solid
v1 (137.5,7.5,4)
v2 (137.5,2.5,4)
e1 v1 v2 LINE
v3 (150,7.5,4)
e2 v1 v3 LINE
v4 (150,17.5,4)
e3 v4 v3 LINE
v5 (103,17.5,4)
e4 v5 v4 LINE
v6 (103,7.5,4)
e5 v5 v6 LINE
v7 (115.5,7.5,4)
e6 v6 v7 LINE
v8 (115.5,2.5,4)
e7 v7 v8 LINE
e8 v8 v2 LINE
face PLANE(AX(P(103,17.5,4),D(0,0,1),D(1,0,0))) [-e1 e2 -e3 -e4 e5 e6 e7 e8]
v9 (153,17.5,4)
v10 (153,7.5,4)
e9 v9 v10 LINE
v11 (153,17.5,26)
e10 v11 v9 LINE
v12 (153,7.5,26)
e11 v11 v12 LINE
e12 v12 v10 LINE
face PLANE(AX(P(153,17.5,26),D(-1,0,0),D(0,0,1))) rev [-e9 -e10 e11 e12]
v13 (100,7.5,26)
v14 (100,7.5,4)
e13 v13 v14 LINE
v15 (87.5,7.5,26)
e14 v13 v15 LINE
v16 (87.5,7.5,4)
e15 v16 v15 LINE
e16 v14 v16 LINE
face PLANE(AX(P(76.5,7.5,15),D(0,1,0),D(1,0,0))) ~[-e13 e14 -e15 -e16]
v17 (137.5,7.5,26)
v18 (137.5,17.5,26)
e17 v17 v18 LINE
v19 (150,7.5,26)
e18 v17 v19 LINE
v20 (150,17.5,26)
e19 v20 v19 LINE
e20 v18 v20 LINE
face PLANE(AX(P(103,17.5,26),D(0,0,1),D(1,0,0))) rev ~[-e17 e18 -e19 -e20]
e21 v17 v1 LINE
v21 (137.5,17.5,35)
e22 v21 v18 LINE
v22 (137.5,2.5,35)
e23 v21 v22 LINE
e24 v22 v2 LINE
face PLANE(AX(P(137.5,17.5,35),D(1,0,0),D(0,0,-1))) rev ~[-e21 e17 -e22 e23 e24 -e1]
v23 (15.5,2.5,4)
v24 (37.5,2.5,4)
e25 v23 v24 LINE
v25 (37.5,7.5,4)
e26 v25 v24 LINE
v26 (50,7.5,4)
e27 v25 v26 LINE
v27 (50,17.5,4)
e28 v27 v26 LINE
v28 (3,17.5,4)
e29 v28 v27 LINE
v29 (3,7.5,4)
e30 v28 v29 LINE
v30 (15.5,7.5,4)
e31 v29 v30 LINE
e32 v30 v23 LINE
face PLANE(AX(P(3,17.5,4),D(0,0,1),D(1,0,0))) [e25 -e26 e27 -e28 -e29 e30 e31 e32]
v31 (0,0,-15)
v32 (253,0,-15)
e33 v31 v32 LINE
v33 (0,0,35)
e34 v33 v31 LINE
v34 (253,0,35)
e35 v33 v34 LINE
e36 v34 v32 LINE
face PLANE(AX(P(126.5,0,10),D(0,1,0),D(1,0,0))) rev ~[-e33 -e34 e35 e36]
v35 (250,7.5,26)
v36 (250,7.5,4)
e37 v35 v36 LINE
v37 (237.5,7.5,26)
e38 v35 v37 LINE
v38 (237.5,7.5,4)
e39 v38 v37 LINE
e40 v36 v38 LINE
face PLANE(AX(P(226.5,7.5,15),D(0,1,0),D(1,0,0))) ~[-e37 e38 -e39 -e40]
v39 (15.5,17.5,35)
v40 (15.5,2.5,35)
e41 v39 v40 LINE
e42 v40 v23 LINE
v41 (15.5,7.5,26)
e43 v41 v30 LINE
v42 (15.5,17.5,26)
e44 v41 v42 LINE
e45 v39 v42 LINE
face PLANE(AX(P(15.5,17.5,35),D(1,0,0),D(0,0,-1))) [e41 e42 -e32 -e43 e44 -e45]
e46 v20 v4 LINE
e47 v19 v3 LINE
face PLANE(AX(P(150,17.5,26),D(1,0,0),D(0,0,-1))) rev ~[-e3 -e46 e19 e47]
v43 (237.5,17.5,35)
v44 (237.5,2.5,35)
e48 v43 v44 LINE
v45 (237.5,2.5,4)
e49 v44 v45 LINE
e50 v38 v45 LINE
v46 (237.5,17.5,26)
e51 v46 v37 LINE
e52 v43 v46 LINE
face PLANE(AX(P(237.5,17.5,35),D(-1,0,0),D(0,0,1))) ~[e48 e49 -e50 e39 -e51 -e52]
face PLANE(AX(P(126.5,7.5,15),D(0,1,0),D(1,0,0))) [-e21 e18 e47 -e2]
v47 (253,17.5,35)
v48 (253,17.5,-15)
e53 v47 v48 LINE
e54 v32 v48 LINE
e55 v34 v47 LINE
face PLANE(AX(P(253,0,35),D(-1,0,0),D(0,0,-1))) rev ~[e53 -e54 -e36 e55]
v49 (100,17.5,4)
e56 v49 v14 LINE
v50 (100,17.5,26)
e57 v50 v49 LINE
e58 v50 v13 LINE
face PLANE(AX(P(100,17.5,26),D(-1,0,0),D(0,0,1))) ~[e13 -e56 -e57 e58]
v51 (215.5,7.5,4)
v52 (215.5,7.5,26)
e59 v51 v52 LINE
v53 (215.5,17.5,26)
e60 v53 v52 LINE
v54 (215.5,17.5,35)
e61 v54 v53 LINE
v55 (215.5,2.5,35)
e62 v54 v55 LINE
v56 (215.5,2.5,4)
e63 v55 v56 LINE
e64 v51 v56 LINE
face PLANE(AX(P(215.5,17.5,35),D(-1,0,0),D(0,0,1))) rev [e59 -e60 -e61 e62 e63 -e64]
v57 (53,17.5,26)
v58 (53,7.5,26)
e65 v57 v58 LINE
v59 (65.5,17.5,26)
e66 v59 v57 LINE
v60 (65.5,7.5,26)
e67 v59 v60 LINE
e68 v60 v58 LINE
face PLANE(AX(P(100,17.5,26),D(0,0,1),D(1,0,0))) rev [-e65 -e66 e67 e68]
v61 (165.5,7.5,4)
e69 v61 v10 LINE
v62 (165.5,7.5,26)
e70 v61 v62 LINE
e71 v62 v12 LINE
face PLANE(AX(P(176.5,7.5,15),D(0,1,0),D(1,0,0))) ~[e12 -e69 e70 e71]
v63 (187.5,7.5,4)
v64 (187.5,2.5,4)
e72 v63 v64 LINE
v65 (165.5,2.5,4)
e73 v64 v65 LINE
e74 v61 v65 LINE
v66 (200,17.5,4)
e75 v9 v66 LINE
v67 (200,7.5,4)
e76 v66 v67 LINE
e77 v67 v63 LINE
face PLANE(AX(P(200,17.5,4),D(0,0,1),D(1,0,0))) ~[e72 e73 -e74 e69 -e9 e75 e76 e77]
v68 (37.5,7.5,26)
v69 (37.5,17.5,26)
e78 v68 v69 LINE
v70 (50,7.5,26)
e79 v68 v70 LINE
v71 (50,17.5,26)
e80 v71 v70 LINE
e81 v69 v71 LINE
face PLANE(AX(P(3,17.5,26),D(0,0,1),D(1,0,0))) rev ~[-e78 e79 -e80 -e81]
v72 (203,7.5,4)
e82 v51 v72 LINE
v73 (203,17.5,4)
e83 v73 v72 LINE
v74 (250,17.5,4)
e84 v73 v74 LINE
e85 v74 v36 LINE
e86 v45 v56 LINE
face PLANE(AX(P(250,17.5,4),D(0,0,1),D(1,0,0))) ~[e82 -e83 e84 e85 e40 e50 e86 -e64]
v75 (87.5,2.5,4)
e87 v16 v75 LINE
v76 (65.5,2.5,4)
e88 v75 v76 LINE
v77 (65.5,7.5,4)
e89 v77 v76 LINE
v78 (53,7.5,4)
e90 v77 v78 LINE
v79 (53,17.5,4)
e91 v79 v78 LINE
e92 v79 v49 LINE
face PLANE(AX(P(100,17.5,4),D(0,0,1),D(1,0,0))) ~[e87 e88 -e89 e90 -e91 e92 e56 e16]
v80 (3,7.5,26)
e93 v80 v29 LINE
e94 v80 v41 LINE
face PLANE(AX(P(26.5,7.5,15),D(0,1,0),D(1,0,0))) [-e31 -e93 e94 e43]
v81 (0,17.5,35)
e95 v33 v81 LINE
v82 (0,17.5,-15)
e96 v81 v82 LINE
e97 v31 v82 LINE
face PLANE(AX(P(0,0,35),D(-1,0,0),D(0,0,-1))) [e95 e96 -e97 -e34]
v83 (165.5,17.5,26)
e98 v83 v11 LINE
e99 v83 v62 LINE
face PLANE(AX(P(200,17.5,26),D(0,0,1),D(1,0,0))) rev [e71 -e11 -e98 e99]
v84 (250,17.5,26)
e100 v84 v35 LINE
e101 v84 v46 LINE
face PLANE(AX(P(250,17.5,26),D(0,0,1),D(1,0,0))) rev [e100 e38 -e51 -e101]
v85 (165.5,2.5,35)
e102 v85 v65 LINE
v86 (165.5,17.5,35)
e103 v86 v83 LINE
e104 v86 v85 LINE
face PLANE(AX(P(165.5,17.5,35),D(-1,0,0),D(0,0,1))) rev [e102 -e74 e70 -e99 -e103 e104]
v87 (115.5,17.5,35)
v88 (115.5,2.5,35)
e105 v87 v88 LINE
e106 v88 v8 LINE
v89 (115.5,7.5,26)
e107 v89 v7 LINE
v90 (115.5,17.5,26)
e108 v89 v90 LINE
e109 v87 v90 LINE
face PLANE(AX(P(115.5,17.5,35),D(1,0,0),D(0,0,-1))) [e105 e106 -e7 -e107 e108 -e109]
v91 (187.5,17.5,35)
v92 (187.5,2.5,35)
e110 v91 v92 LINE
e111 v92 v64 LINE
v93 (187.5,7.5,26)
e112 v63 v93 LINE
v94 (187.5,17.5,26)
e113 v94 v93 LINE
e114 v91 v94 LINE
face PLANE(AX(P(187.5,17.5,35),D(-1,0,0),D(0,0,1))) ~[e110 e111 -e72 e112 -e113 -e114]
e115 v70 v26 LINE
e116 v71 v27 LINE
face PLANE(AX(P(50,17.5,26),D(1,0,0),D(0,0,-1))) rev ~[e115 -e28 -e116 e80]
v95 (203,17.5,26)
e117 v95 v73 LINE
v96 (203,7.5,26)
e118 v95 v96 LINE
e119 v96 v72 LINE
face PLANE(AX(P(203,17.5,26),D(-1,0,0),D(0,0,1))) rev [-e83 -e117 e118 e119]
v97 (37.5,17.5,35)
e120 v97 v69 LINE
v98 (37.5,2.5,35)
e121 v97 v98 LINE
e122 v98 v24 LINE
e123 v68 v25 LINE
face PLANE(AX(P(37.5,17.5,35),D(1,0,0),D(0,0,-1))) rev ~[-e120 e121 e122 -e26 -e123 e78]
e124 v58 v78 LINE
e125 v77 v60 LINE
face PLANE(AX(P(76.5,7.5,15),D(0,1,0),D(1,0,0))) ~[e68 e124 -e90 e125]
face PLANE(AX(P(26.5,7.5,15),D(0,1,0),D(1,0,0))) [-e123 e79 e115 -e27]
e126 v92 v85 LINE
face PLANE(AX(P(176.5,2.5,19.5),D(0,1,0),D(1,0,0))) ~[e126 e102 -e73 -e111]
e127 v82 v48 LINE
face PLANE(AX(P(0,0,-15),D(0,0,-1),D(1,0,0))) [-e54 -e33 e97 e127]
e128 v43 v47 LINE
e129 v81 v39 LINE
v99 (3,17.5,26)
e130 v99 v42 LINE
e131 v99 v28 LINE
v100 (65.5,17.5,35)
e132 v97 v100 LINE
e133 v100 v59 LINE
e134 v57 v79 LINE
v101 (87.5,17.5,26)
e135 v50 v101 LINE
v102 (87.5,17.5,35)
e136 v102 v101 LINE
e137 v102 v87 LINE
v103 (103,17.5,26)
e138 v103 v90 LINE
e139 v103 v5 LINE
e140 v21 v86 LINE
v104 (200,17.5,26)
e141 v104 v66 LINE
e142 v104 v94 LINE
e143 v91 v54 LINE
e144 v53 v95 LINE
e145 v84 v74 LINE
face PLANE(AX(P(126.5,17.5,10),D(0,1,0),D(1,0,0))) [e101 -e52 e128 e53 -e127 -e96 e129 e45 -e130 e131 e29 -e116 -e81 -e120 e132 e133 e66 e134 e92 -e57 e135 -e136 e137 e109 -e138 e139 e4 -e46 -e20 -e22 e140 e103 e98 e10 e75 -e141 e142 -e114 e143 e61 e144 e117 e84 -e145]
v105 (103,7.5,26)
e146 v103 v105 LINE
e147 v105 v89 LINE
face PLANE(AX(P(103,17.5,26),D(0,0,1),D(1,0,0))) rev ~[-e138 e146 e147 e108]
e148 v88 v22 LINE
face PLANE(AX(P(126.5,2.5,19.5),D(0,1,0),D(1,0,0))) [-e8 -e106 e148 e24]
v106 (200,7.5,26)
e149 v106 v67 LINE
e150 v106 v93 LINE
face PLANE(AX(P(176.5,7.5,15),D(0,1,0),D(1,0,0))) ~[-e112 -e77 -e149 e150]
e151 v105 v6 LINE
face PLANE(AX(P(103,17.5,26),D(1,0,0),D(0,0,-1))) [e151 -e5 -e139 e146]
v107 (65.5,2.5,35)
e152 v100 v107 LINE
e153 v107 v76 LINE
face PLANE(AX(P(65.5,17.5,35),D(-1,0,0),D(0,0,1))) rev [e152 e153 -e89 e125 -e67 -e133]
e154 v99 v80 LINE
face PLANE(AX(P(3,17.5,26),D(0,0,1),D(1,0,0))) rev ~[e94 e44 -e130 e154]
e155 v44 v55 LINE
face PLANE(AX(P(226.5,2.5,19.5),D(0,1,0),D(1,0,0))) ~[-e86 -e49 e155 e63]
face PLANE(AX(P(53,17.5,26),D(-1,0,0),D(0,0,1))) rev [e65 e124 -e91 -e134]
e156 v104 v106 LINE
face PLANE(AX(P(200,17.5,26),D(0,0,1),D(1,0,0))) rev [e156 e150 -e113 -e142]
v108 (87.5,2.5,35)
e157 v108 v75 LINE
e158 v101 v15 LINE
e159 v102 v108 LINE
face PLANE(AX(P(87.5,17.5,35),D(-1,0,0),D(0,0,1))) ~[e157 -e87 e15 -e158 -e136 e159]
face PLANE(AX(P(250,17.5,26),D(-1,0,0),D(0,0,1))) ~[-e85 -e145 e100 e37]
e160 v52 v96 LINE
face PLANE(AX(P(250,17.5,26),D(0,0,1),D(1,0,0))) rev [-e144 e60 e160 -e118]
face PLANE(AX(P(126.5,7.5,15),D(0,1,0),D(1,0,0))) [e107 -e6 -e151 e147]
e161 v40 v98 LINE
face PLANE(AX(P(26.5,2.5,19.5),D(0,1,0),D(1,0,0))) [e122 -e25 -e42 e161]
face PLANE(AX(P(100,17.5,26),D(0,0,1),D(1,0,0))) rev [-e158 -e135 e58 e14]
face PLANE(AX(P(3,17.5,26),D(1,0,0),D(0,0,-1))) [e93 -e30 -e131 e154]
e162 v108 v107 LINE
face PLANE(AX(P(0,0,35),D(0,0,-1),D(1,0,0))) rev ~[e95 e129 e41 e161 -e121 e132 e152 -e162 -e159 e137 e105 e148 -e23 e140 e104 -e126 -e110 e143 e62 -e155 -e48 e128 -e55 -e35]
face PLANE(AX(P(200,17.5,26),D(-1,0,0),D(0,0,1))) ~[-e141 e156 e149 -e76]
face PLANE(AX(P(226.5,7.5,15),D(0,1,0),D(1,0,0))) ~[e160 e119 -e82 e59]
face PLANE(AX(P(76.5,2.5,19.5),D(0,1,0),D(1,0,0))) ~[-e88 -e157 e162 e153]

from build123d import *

# Parameters (mm, degrees)
SKETCH1_W               = 253
SKETCH1_H               = 50
BOSS_EXTRUDE1_DEPTH     = 17.5
SKETCH2_W               = 47
SKETCH2_H               = 22
CUT_EXTRUDE1_DEPTH      = 10
SKETCH4_W               = 22
SKETCH4_H               = 31
CUT_EXTRUDE2_DEPTH      = 15
MIRROR2_COPY_1_SKETCH_W = 47
MIRROR2_COPY_1_SKETCH_H = 22
MIRROR2_COPY_1_DEPTH    = 10
MIRROR2_COPY_2_SKETCH_W = 22
MIRROR2_COPY_2_SKETCH_H = 31
MIRROR2_COPY_2_DEPTH    = 15


with BuildPart() as part:
    # Sketch1 → Boss-Extrude1 (new body)
    with BuildSketch(Plane(origin=(0, 0, 0), x_dir=(1, 0, 0), z_dir=(0, 1, 0))):
        with Locations((126.5, -10)):
            Rectangle(SKETCH1_W, SKETCH1_H)
    extrude(amount=BOSS_EXTRUDE1_DEPTH)

    # Sketch2 → Cut-Extrude1 (cut)
    with BuildSketch(Plane(origin=(0, 17.5, 0), x_dir=(1, 0, 0), z_dir=(0, 1, 0))):
        with Locations((26.5, -15)):
            Rectangle(SKETCH2_W, SKETCH2_H)
    cut_extrude1 = extrude(amount=-CUT_EXTRUDE1_DEPTH, mode=Mode.SUBTRACT)

    # Sketch4 → Cut-Extrude2 (cut)
    with BuildSketch(Plane(origin=(0, 17.5, 0), x_dir=(1, 0, 0), z_dir=(0, 1, 0))):
        with Locations((26.5, -19.5)):
            Rectangle(SKETCH4_W, SKETCH4_H)
    cut_extrude2 = extrude(amount=-CUT_EXTRUDE2_DEPTH, mode=Mode.SUBTRACT)

    # Mirror1: Cut-Extrude1, Cut-Extrude2 across plane
    add(cut_extrude1.mirror(Plane.ZY.offset(-51.5)), mode=Mode.SUBTRACT)
    add(cut_extrude2.mirror(Plane.ZY.offset(-51.5)), mode=Mode.SUBTRACT)

    # Mirror2: Cut-Extrude1, Cut-Extrude2 across plane
    add(cut_extrude1.mirror(Plane.ZY.offset(-101.5)), mode=Mode.SUBTRACT)
    add(cut_extrude2.mirror(Plane.ZY.offset(-101.5)), mode=Mode.SUBTRACT)

    # Mirror2 copy 1 sketch → Mirror2 copy 1 (cut)
    with BuildSketch(Plane(origin=(100, 17.5, 0), x_dir=(1, 0, 0), z_dir=(0, 1, 0))):
        with Locations((26.5, -15)):
            Rectangle(MIRROR2_COPY_1_SKETCH_W, MIRROR2_COPY_1_SKETCH_H)
    extrude(amount=-MIRROR2_COPY_1_DEPTH, mode=Mode.SUBTRACT)

    # Mirror2 copy 2 sketch → Mirror2 copy 2 (cut)
    with BuildSketch(Plane(origin=(100, 17.5, 0), x_dir=(1, 0, 0), z_dir=(0, 1, 0))):
        with Locations((26.5, -19.5)):
            Rectangle(MIRROR2_COPY_2_SKETCH_W, MIRROR2_COPY_2_SKETCH_H)
    extrude(amount=-MIRROR2_COPY_2_DEPTH, mode=Mode.SUBTRACT)

    # Mirror3: Cut-Extrude1, Cut-Extrude2 across plane
    add(cut_extrude1.mirror(Plane.ZY.offset(-126.5)), mode=Mode.SUBTRACT)
    add(cut_extrude2.mirror(Plane.ZY.offset(-126.5)), mode=Mode.SUBTRACT)


solid = part.part
